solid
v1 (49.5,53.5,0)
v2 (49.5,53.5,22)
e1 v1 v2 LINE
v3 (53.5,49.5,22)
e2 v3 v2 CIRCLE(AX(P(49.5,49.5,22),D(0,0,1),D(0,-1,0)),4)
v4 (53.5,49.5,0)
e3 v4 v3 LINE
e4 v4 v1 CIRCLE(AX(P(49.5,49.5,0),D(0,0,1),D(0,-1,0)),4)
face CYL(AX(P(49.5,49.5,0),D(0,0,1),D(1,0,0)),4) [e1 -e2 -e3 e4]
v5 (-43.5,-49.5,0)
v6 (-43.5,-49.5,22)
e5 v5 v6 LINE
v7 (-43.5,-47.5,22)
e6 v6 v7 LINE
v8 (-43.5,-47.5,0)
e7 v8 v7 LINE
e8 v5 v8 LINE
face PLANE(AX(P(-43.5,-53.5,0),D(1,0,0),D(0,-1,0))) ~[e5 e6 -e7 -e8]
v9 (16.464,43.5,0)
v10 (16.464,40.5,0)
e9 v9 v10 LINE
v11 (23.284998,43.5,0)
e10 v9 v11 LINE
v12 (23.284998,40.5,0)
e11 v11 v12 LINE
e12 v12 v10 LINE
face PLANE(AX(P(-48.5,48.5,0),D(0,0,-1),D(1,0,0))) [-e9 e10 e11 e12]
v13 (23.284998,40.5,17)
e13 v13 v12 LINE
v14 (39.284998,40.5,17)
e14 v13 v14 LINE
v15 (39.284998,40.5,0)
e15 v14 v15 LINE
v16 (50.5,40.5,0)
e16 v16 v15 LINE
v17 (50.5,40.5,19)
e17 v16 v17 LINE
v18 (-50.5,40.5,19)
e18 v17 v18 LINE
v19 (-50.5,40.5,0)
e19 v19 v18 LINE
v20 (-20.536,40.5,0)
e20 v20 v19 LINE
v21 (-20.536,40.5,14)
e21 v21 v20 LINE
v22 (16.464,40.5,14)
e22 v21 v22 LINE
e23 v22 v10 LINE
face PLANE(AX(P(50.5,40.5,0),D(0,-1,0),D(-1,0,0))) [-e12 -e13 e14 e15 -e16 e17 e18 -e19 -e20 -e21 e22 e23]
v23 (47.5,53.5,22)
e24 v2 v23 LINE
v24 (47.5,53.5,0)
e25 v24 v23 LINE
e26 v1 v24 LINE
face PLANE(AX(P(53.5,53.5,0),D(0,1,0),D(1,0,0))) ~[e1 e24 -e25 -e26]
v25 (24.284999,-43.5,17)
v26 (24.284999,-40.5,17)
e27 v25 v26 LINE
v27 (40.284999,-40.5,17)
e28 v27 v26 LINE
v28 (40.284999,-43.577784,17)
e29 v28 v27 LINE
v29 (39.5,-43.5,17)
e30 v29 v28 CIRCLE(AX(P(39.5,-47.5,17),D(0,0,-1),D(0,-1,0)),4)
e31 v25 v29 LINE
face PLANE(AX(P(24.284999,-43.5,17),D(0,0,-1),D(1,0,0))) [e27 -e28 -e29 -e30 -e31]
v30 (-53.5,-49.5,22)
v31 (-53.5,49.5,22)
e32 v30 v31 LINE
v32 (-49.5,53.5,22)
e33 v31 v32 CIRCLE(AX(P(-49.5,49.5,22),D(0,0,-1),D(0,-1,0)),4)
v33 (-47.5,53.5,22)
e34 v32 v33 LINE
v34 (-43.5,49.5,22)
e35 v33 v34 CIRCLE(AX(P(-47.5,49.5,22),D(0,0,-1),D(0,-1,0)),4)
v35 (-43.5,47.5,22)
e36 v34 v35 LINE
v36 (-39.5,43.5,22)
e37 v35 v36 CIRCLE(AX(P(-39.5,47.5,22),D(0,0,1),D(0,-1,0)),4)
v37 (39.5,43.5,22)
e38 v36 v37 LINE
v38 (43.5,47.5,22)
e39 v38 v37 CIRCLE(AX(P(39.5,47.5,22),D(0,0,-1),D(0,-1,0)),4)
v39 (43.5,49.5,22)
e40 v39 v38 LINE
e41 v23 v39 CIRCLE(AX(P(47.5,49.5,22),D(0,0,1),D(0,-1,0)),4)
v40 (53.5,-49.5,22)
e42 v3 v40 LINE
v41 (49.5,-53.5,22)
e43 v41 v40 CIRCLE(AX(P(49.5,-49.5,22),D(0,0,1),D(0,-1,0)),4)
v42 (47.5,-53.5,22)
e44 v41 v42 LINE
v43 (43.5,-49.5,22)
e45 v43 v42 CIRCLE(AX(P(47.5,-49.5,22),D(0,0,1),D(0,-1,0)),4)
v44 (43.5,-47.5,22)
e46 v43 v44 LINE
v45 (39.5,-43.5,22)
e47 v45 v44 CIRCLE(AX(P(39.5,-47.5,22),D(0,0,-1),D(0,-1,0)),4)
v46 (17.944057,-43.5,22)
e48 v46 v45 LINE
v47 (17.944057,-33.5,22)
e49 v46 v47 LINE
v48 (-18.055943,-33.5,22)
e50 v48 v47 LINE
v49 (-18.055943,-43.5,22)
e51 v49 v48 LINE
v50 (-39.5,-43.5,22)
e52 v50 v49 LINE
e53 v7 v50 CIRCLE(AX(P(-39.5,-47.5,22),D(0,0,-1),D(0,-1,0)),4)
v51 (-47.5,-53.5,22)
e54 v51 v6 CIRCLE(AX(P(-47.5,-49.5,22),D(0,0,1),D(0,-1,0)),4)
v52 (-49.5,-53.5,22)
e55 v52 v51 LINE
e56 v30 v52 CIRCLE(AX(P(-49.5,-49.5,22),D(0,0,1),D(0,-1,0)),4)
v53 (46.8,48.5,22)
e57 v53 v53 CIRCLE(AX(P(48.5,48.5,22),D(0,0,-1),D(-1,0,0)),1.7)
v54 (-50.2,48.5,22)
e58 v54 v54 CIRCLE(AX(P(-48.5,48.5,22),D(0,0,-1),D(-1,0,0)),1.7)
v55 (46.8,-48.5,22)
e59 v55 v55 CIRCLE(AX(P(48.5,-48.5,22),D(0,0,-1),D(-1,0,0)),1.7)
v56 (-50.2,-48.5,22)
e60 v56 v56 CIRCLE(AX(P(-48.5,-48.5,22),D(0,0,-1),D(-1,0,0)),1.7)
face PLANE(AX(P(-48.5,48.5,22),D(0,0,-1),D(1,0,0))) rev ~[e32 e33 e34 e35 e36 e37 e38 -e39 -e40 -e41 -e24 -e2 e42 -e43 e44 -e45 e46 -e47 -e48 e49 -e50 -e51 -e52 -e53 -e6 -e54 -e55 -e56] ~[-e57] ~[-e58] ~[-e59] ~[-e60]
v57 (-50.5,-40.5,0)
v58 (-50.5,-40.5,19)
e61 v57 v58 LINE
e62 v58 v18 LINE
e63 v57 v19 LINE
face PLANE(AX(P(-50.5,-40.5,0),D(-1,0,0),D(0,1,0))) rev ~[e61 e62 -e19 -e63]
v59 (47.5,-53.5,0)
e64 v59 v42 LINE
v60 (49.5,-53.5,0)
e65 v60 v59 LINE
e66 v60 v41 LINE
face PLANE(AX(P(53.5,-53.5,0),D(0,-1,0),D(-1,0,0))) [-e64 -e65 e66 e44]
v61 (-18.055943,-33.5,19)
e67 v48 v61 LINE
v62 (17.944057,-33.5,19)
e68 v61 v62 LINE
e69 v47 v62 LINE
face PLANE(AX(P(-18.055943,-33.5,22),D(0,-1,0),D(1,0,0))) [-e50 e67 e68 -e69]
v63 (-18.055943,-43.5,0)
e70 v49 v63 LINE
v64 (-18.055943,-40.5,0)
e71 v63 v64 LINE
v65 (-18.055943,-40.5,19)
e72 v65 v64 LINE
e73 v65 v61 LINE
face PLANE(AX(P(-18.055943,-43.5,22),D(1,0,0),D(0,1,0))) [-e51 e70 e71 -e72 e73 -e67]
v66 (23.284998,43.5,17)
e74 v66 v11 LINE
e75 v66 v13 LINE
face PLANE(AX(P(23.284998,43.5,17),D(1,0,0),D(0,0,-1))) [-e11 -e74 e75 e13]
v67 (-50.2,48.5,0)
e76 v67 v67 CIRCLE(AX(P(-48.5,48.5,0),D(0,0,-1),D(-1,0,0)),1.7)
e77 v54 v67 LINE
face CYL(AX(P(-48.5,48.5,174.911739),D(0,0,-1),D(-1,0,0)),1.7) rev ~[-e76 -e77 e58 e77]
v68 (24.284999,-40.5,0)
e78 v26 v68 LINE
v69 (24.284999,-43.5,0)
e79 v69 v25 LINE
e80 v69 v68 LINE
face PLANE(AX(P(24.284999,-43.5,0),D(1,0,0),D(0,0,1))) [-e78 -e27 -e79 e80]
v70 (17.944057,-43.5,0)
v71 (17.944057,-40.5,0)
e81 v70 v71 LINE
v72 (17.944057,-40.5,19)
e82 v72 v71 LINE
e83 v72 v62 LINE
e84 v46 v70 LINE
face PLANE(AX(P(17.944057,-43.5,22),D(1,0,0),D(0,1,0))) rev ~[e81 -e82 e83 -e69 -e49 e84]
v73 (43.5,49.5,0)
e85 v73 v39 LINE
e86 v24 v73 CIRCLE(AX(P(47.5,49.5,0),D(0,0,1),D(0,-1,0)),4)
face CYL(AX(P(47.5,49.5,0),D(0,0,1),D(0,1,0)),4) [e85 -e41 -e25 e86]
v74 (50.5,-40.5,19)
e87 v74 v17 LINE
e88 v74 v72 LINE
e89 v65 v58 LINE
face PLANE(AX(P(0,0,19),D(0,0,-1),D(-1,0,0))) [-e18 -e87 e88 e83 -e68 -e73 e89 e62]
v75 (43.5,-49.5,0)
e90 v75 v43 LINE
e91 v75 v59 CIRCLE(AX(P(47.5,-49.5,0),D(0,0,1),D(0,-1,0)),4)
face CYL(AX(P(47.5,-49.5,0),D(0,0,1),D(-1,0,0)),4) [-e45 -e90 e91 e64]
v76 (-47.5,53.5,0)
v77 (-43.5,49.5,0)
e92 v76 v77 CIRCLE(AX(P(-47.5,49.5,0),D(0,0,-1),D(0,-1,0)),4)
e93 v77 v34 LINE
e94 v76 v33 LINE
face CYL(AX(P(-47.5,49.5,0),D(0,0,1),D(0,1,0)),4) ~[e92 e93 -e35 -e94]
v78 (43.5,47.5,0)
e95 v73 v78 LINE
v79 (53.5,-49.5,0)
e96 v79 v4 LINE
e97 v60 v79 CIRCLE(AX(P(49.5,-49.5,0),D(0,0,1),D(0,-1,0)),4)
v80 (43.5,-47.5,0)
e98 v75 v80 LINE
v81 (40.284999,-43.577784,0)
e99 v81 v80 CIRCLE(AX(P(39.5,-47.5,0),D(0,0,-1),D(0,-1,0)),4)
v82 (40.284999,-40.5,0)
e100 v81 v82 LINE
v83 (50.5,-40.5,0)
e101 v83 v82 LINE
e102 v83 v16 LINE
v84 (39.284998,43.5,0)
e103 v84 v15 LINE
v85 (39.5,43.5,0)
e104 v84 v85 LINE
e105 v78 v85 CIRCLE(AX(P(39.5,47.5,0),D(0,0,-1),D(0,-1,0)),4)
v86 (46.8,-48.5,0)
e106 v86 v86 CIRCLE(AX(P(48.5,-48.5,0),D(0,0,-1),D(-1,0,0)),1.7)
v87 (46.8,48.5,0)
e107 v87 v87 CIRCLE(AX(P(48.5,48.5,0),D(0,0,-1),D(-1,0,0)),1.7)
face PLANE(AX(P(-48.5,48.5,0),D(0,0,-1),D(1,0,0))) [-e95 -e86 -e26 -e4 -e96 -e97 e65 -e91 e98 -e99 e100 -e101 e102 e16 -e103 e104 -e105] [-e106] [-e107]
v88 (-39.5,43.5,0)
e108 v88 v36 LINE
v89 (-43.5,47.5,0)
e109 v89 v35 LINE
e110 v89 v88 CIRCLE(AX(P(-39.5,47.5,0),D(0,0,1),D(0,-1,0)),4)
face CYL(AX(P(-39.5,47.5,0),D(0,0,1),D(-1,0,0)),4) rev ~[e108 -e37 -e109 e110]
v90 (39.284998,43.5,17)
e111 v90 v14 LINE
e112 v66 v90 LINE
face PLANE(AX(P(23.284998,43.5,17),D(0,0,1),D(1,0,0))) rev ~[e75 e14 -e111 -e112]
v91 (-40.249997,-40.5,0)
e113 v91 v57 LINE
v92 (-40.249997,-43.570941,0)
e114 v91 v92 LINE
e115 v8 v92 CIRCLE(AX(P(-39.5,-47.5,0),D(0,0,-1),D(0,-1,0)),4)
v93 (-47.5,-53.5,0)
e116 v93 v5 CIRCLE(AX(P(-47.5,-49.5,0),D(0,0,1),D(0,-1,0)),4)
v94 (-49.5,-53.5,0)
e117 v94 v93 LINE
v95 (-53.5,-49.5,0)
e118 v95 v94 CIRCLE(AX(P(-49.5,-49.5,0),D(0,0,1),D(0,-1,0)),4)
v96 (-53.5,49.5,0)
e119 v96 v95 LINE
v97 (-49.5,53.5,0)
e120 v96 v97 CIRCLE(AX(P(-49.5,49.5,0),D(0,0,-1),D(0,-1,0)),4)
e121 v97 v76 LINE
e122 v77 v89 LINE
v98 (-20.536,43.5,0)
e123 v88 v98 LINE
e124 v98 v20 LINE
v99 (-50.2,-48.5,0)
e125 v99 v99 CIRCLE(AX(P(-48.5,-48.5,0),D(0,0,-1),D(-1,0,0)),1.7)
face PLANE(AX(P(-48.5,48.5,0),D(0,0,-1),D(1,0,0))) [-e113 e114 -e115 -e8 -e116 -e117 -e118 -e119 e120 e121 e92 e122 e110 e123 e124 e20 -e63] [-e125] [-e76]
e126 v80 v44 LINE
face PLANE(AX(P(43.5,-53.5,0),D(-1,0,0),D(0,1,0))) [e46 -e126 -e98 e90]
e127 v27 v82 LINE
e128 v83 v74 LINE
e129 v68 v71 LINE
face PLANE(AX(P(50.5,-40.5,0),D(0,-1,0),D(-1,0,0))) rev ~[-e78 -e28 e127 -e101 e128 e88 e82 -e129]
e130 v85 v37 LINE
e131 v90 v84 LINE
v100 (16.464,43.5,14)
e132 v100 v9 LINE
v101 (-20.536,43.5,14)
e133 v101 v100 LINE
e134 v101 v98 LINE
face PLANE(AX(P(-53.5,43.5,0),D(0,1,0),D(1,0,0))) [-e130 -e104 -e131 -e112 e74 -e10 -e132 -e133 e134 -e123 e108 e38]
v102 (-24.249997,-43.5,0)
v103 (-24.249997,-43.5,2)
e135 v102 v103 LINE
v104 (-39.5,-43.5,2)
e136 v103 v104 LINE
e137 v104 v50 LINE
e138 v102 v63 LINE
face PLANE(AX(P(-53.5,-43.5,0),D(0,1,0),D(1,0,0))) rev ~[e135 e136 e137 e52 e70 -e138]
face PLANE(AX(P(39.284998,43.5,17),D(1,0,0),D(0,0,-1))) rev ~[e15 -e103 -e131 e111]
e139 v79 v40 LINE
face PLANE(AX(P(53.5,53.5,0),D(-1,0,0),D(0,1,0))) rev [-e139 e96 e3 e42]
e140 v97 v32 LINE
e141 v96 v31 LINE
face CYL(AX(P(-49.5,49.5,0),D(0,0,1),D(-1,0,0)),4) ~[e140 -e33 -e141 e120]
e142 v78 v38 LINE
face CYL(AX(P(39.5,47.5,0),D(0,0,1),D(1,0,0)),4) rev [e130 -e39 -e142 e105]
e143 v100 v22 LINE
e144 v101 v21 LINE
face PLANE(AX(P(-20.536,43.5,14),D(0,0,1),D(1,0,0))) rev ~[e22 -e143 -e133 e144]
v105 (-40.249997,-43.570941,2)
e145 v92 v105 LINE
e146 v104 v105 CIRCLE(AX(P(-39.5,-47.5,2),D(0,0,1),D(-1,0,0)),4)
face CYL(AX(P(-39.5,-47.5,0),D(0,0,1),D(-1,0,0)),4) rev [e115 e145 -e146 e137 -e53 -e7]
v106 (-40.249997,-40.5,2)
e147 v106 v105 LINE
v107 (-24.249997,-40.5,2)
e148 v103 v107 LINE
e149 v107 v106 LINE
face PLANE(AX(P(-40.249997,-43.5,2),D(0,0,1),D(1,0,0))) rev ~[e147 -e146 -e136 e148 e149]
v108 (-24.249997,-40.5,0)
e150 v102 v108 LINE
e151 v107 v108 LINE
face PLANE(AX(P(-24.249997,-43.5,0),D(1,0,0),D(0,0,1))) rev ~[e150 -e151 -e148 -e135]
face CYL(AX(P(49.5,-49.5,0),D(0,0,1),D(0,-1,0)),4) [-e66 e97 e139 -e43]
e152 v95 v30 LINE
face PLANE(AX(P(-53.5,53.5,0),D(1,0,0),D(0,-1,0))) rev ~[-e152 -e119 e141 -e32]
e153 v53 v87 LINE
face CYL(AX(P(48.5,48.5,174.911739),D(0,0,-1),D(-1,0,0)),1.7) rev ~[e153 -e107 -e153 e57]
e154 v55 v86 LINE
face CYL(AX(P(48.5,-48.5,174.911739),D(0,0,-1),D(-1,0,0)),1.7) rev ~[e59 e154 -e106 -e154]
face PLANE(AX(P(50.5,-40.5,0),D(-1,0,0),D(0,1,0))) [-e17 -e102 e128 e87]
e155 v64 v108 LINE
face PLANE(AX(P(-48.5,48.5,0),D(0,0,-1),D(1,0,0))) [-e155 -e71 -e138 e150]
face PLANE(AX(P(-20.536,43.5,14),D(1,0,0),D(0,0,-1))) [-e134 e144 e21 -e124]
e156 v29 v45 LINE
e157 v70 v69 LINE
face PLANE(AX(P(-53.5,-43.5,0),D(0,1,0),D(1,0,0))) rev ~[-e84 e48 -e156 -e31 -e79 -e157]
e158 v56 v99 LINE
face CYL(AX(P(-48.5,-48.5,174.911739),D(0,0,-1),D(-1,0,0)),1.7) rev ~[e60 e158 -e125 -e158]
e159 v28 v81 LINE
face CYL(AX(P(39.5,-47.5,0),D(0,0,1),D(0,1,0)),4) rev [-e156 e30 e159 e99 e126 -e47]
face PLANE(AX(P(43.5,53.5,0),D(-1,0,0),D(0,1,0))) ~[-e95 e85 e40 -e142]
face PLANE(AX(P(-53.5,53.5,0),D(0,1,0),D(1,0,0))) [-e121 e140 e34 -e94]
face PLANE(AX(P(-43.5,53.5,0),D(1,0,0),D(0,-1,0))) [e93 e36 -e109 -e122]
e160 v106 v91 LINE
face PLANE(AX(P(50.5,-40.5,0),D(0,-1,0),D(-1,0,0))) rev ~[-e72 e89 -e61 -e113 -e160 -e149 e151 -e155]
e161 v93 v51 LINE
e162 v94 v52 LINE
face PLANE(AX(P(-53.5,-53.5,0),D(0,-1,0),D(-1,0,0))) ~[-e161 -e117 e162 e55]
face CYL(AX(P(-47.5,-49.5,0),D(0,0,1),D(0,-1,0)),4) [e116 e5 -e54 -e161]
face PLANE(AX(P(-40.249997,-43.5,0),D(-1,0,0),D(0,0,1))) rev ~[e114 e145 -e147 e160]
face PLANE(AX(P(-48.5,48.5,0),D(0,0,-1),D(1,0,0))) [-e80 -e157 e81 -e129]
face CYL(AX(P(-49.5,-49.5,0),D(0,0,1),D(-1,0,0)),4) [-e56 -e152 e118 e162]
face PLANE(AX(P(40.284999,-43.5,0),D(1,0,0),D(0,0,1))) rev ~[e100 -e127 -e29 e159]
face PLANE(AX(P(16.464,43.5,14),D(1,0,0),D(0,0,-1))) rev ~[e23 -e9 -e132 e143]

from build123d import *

# Parameters (mm, degrees)
SKETCH1_W                                  = 107
SKETCH1_H                                  = 87
BOSS_EXTRUDE1_DEPTH                        = 22
SKETCH2_W                                  = 10
SKETCH2_H                                  = 10
BOSS_EXTRUDE2_DEPTH                        = 22
MIRROR1_AT_THE_SECOND_PLANE_COPY_1_SKETC_W = 10
MIRROR1_AT_THE_SECOND_PLANE_COPY_1_SKETC_H = 10
MIRROR1_AT_THE_SECOND_PLANE_COPY_1_DEPTH   = 22
SKETCH3_W                                  = 101
SKETCH3_H                                  = 81
CUT_EXTRUDE1_DEPTH                         = 19
M3_CLEARANCE_HOLE1_D                       = 3.4
CUT_EXTRUDE2_REACH                         = 114.939
SKETCH6_W                                  = 16
SKETCH6_H                                  = 17
CUT_EXTRUDE6_REACH                         = 114.939
SKETCH12_W                                 = 16
SKETCH12_H                                 = 17
CUT_EXTRUDE3_REACH                         = 114.939
SKETCH8_W                                  = 37
SKETCH8_H                                  = 14
CUT_EXTRUDE4_REACH                         = 80.794
SKETCH9_W                                  = 36
SKETCH9_H                                  = 10
FILLET1_R                                  = 4
CUT_EXTRUDE5_REACH                         = 114.939
SKETCH11_W                                 = 16
SKETCH11_H                                 = 2
CUT_EXTRUDE5_DIRECTION_2_DEPTH             = 113.939142904


with BuildPart() as part:
    # Sketch1 → Boss-Extrude1 (new body)
    with BuildSketch(Plane.XY):
        Rectangle(SKETCH1_W, SKETCH1_H)
    extrude(amount=BOSS_EXTRUDE1_DEPTH)

    # Sketch2 → Boss-Extrude2 (add)
    with BuildSketch(Plane(origin=(0, 0, 0), x_dir=(-1, 0, 0), z_dir=(0, 0, -1))):
        with Locations((-48.5, -48.5)):
            Rectangle(SKETCH2_W, SKETCH2_H)
    boss_extrude2 = extrude(amount=-BOSS_EXTRUDE2_DEPTH)

    # Mirror1: Boss-Extrude2 across plane
    add(boss_extrude2.mirror(Plane.ZX))

    # Mirror1 at the second plane: Boss-Extrude2 across plane
    add(boss_extrude2.mirror(Plane(origin=(0, 0, 0), x_dir=(0, 0, 1), z_dir=(1, 0, 0))))

    # Mirror1 at the second plane copy 1 sketc → Mirror1 at the second plane copy 1 (add)
    with BuildSketch(Plane(origin=(0, 0, 0), x_dir=(1, 0, 0), z_dir=(0, 0, -1))):
        with Locations((-48.5, -48.5)):
            Rectangle(MIRROR1_AT_THE_SECOND_PLANE_COPY_1_SKETC_W, MIRROR1_AT_THE_SECOND_PLANE_COPY_1_SKETC_H)
    extrude(amount=-MIRROR1_AT_THE_SECOND_PLANE_COPY_1_DEPTH)

    # Sketch3 → Cut-Extrude1 (cut)
    with BuildSketch(Plane(origin=(0, 0, 0), x_dir=(-1, 0, 0), z_dir=(0, 0, -1))):
        Rectangle(SKETCH3_W, SKETCH3_H)
    extrude(amount=-CUT_EXTRUDE1_DEPTH, mode=Mode.SUBTRACT)

    # M3 Clearance Hole1 (through all)
    with Locations(Plane.XY.offset(22)):
        with Locations((-48.5, -48.5), (48.5, -48.5), (48.5, 48.5), (-48.5, 48.5)):
            Hole(M3_CLEARANCE_HOLE1_D / 2)

    # Sketch6 → Cut-Extrude2 (cut, up to next)
    with BuildSketch(Plane.XZ.offset(43.5), mode=Mode.PRIVATE) as cut_extrude2_sk1:
        with Locations((32.284998939, 8.5)):
            Rectangle(SKETCH6_W, SKETCH6_H)
    cut_extrude2_tool1 = extrude(cut_extrude2_sk1.sketch, amount=-CUT_EXTRUDE2_REACH, mode=Mode.PRIVATE) & part.part
    add(cut_extrude2_tool1.solids().sort_by_distance((32.284999, -43.5, 8.5))[0], mode=Mode.SUBTRACT)

    # Sketch12 → Cut-Extrude6 (cut, up to next)
    with BuildSketch(Plane(origin=(0, 43.5, 0), x_dir=(1, 0, 0), z_dir=(0, 1, 0)), mode=Mode.PRIVATE) as cut_extrude6_sk1:
        with Locations((31.284998153, -8.5)):
            Rectangle(SKETCH12_W, SKETCH12_H)
    cut_extrude6_tool1 = extrude(cut_extrude6_sk1.sketch, amount=-CUT_EXTRUDE6_REACH, mode=Mode.PRIVATE) & part.part
    add(cut_extrude6_tool1.solids().sort_by_distance((31.284998, 43.5, 8.5))[0], mode=Mode.SUBTRACT)

    # Sketch8 → Cut-Extrude3 (cut, up to next)
    with BuildSketch(Plane(origin=(0, 43.5, 0), x_dir=(1, 0, 0), z_dir=(0, 1, 0)), mode=Mode.PRIVATE) as cut_extrude3_sk1:
        with Locations((-2.036, -7)):
            Rectangle(SKETCH8_W, SKETCH8_H)
    cut_extrude3_tool1 = extrude(cut_extrude3_sk1.sketch, amount=-CUT_EXTRUDE3_REACH, mode=Mode.PRIVATE) & part.part
    add(cut_extrude3_tool1.solids().sort_by_distance((-2.036, 43.5, 7))[0], mode=Mode.SUBTRACT)

    # Sketch9 → Cut-Extrude4 (cut, up to next)
    with BuildSketch(Plane.XY.offset(22), mode=Mode.PRIVATE) as cut_extrude4_sk1:
        with Locations((-0.055943444, -38.5)):
            Rectangle(SKETCH9_W, SKETCH9_H)
    cut_extrude4_tool1 = extrude(cut_extrude4_sk1.sketch, amount=-CUT_EXTRUDE4_REACH, mode=Mode.PRIVATE) & part.part
    add(cut_extrude4_tool1.solids().sort_by_distance((-0.055943, -38.5, 22))[0], mode=Mode.SUBTRACT)

    # Fillet1
    fillet1_edges = [part.edges().sort_by_distance(p)[0] for p in [
        (43.5, -53.5, 11),
        (43.5, -43.5, 11),
        (53.5, -53.5, 11),
        (-53.5, -53.5, 11),
        (-43.5, -53.5, 11),
        (-43.5, -43.5, 11),
        (53.5, 53.5, 11),
        (43.5, 53.5, 11),
        (43.5, 43.5, 11),
        (-43.5, 53.5, 11),
        (-43.5, 43.5, 11),
        (-53.5, 53.5, 11),
    ]]
    fillet(fillet1_edges, radius=FILLET1_R)

    # Sketch11 → Cut-Extrude5 (cut, up to next)
    with BuildSketch(Plane.XZ.offset(43.5), mode=Mode.PRIVATE) as cut_extrude5_sk1:
        with Locations((-32.249997093, 1)):
            Rectangle(SKETCH11_W, SKETCH11_H)
    cut_extrude5_tool1 = extrude(cut_extrude5_sk1.sketch, amount=-CUT_EXTRUDE5_REACH, mode=Mode.PRIVATE) & part.part
    add(cut_extrude5_tool1.solids().sort_by_distance((-32.249997, -43.5, 1))[0], mode=Mode.SUBTRACT)

    # Sketch11 → Cut-Extrude5 direction 2 (cut)
    with BuildSketch(Plane.XZ.offset(43.5)):
        with Locations((-32.249997093, 1)):
            Rectangle(SKETCH11_W, SKETCH11_H)
    extrude(amount=CUT_EXTRUDE5_DIRECTION_2_DEPTH, mode=Mode.SUBTRACT)


solid = part.part
